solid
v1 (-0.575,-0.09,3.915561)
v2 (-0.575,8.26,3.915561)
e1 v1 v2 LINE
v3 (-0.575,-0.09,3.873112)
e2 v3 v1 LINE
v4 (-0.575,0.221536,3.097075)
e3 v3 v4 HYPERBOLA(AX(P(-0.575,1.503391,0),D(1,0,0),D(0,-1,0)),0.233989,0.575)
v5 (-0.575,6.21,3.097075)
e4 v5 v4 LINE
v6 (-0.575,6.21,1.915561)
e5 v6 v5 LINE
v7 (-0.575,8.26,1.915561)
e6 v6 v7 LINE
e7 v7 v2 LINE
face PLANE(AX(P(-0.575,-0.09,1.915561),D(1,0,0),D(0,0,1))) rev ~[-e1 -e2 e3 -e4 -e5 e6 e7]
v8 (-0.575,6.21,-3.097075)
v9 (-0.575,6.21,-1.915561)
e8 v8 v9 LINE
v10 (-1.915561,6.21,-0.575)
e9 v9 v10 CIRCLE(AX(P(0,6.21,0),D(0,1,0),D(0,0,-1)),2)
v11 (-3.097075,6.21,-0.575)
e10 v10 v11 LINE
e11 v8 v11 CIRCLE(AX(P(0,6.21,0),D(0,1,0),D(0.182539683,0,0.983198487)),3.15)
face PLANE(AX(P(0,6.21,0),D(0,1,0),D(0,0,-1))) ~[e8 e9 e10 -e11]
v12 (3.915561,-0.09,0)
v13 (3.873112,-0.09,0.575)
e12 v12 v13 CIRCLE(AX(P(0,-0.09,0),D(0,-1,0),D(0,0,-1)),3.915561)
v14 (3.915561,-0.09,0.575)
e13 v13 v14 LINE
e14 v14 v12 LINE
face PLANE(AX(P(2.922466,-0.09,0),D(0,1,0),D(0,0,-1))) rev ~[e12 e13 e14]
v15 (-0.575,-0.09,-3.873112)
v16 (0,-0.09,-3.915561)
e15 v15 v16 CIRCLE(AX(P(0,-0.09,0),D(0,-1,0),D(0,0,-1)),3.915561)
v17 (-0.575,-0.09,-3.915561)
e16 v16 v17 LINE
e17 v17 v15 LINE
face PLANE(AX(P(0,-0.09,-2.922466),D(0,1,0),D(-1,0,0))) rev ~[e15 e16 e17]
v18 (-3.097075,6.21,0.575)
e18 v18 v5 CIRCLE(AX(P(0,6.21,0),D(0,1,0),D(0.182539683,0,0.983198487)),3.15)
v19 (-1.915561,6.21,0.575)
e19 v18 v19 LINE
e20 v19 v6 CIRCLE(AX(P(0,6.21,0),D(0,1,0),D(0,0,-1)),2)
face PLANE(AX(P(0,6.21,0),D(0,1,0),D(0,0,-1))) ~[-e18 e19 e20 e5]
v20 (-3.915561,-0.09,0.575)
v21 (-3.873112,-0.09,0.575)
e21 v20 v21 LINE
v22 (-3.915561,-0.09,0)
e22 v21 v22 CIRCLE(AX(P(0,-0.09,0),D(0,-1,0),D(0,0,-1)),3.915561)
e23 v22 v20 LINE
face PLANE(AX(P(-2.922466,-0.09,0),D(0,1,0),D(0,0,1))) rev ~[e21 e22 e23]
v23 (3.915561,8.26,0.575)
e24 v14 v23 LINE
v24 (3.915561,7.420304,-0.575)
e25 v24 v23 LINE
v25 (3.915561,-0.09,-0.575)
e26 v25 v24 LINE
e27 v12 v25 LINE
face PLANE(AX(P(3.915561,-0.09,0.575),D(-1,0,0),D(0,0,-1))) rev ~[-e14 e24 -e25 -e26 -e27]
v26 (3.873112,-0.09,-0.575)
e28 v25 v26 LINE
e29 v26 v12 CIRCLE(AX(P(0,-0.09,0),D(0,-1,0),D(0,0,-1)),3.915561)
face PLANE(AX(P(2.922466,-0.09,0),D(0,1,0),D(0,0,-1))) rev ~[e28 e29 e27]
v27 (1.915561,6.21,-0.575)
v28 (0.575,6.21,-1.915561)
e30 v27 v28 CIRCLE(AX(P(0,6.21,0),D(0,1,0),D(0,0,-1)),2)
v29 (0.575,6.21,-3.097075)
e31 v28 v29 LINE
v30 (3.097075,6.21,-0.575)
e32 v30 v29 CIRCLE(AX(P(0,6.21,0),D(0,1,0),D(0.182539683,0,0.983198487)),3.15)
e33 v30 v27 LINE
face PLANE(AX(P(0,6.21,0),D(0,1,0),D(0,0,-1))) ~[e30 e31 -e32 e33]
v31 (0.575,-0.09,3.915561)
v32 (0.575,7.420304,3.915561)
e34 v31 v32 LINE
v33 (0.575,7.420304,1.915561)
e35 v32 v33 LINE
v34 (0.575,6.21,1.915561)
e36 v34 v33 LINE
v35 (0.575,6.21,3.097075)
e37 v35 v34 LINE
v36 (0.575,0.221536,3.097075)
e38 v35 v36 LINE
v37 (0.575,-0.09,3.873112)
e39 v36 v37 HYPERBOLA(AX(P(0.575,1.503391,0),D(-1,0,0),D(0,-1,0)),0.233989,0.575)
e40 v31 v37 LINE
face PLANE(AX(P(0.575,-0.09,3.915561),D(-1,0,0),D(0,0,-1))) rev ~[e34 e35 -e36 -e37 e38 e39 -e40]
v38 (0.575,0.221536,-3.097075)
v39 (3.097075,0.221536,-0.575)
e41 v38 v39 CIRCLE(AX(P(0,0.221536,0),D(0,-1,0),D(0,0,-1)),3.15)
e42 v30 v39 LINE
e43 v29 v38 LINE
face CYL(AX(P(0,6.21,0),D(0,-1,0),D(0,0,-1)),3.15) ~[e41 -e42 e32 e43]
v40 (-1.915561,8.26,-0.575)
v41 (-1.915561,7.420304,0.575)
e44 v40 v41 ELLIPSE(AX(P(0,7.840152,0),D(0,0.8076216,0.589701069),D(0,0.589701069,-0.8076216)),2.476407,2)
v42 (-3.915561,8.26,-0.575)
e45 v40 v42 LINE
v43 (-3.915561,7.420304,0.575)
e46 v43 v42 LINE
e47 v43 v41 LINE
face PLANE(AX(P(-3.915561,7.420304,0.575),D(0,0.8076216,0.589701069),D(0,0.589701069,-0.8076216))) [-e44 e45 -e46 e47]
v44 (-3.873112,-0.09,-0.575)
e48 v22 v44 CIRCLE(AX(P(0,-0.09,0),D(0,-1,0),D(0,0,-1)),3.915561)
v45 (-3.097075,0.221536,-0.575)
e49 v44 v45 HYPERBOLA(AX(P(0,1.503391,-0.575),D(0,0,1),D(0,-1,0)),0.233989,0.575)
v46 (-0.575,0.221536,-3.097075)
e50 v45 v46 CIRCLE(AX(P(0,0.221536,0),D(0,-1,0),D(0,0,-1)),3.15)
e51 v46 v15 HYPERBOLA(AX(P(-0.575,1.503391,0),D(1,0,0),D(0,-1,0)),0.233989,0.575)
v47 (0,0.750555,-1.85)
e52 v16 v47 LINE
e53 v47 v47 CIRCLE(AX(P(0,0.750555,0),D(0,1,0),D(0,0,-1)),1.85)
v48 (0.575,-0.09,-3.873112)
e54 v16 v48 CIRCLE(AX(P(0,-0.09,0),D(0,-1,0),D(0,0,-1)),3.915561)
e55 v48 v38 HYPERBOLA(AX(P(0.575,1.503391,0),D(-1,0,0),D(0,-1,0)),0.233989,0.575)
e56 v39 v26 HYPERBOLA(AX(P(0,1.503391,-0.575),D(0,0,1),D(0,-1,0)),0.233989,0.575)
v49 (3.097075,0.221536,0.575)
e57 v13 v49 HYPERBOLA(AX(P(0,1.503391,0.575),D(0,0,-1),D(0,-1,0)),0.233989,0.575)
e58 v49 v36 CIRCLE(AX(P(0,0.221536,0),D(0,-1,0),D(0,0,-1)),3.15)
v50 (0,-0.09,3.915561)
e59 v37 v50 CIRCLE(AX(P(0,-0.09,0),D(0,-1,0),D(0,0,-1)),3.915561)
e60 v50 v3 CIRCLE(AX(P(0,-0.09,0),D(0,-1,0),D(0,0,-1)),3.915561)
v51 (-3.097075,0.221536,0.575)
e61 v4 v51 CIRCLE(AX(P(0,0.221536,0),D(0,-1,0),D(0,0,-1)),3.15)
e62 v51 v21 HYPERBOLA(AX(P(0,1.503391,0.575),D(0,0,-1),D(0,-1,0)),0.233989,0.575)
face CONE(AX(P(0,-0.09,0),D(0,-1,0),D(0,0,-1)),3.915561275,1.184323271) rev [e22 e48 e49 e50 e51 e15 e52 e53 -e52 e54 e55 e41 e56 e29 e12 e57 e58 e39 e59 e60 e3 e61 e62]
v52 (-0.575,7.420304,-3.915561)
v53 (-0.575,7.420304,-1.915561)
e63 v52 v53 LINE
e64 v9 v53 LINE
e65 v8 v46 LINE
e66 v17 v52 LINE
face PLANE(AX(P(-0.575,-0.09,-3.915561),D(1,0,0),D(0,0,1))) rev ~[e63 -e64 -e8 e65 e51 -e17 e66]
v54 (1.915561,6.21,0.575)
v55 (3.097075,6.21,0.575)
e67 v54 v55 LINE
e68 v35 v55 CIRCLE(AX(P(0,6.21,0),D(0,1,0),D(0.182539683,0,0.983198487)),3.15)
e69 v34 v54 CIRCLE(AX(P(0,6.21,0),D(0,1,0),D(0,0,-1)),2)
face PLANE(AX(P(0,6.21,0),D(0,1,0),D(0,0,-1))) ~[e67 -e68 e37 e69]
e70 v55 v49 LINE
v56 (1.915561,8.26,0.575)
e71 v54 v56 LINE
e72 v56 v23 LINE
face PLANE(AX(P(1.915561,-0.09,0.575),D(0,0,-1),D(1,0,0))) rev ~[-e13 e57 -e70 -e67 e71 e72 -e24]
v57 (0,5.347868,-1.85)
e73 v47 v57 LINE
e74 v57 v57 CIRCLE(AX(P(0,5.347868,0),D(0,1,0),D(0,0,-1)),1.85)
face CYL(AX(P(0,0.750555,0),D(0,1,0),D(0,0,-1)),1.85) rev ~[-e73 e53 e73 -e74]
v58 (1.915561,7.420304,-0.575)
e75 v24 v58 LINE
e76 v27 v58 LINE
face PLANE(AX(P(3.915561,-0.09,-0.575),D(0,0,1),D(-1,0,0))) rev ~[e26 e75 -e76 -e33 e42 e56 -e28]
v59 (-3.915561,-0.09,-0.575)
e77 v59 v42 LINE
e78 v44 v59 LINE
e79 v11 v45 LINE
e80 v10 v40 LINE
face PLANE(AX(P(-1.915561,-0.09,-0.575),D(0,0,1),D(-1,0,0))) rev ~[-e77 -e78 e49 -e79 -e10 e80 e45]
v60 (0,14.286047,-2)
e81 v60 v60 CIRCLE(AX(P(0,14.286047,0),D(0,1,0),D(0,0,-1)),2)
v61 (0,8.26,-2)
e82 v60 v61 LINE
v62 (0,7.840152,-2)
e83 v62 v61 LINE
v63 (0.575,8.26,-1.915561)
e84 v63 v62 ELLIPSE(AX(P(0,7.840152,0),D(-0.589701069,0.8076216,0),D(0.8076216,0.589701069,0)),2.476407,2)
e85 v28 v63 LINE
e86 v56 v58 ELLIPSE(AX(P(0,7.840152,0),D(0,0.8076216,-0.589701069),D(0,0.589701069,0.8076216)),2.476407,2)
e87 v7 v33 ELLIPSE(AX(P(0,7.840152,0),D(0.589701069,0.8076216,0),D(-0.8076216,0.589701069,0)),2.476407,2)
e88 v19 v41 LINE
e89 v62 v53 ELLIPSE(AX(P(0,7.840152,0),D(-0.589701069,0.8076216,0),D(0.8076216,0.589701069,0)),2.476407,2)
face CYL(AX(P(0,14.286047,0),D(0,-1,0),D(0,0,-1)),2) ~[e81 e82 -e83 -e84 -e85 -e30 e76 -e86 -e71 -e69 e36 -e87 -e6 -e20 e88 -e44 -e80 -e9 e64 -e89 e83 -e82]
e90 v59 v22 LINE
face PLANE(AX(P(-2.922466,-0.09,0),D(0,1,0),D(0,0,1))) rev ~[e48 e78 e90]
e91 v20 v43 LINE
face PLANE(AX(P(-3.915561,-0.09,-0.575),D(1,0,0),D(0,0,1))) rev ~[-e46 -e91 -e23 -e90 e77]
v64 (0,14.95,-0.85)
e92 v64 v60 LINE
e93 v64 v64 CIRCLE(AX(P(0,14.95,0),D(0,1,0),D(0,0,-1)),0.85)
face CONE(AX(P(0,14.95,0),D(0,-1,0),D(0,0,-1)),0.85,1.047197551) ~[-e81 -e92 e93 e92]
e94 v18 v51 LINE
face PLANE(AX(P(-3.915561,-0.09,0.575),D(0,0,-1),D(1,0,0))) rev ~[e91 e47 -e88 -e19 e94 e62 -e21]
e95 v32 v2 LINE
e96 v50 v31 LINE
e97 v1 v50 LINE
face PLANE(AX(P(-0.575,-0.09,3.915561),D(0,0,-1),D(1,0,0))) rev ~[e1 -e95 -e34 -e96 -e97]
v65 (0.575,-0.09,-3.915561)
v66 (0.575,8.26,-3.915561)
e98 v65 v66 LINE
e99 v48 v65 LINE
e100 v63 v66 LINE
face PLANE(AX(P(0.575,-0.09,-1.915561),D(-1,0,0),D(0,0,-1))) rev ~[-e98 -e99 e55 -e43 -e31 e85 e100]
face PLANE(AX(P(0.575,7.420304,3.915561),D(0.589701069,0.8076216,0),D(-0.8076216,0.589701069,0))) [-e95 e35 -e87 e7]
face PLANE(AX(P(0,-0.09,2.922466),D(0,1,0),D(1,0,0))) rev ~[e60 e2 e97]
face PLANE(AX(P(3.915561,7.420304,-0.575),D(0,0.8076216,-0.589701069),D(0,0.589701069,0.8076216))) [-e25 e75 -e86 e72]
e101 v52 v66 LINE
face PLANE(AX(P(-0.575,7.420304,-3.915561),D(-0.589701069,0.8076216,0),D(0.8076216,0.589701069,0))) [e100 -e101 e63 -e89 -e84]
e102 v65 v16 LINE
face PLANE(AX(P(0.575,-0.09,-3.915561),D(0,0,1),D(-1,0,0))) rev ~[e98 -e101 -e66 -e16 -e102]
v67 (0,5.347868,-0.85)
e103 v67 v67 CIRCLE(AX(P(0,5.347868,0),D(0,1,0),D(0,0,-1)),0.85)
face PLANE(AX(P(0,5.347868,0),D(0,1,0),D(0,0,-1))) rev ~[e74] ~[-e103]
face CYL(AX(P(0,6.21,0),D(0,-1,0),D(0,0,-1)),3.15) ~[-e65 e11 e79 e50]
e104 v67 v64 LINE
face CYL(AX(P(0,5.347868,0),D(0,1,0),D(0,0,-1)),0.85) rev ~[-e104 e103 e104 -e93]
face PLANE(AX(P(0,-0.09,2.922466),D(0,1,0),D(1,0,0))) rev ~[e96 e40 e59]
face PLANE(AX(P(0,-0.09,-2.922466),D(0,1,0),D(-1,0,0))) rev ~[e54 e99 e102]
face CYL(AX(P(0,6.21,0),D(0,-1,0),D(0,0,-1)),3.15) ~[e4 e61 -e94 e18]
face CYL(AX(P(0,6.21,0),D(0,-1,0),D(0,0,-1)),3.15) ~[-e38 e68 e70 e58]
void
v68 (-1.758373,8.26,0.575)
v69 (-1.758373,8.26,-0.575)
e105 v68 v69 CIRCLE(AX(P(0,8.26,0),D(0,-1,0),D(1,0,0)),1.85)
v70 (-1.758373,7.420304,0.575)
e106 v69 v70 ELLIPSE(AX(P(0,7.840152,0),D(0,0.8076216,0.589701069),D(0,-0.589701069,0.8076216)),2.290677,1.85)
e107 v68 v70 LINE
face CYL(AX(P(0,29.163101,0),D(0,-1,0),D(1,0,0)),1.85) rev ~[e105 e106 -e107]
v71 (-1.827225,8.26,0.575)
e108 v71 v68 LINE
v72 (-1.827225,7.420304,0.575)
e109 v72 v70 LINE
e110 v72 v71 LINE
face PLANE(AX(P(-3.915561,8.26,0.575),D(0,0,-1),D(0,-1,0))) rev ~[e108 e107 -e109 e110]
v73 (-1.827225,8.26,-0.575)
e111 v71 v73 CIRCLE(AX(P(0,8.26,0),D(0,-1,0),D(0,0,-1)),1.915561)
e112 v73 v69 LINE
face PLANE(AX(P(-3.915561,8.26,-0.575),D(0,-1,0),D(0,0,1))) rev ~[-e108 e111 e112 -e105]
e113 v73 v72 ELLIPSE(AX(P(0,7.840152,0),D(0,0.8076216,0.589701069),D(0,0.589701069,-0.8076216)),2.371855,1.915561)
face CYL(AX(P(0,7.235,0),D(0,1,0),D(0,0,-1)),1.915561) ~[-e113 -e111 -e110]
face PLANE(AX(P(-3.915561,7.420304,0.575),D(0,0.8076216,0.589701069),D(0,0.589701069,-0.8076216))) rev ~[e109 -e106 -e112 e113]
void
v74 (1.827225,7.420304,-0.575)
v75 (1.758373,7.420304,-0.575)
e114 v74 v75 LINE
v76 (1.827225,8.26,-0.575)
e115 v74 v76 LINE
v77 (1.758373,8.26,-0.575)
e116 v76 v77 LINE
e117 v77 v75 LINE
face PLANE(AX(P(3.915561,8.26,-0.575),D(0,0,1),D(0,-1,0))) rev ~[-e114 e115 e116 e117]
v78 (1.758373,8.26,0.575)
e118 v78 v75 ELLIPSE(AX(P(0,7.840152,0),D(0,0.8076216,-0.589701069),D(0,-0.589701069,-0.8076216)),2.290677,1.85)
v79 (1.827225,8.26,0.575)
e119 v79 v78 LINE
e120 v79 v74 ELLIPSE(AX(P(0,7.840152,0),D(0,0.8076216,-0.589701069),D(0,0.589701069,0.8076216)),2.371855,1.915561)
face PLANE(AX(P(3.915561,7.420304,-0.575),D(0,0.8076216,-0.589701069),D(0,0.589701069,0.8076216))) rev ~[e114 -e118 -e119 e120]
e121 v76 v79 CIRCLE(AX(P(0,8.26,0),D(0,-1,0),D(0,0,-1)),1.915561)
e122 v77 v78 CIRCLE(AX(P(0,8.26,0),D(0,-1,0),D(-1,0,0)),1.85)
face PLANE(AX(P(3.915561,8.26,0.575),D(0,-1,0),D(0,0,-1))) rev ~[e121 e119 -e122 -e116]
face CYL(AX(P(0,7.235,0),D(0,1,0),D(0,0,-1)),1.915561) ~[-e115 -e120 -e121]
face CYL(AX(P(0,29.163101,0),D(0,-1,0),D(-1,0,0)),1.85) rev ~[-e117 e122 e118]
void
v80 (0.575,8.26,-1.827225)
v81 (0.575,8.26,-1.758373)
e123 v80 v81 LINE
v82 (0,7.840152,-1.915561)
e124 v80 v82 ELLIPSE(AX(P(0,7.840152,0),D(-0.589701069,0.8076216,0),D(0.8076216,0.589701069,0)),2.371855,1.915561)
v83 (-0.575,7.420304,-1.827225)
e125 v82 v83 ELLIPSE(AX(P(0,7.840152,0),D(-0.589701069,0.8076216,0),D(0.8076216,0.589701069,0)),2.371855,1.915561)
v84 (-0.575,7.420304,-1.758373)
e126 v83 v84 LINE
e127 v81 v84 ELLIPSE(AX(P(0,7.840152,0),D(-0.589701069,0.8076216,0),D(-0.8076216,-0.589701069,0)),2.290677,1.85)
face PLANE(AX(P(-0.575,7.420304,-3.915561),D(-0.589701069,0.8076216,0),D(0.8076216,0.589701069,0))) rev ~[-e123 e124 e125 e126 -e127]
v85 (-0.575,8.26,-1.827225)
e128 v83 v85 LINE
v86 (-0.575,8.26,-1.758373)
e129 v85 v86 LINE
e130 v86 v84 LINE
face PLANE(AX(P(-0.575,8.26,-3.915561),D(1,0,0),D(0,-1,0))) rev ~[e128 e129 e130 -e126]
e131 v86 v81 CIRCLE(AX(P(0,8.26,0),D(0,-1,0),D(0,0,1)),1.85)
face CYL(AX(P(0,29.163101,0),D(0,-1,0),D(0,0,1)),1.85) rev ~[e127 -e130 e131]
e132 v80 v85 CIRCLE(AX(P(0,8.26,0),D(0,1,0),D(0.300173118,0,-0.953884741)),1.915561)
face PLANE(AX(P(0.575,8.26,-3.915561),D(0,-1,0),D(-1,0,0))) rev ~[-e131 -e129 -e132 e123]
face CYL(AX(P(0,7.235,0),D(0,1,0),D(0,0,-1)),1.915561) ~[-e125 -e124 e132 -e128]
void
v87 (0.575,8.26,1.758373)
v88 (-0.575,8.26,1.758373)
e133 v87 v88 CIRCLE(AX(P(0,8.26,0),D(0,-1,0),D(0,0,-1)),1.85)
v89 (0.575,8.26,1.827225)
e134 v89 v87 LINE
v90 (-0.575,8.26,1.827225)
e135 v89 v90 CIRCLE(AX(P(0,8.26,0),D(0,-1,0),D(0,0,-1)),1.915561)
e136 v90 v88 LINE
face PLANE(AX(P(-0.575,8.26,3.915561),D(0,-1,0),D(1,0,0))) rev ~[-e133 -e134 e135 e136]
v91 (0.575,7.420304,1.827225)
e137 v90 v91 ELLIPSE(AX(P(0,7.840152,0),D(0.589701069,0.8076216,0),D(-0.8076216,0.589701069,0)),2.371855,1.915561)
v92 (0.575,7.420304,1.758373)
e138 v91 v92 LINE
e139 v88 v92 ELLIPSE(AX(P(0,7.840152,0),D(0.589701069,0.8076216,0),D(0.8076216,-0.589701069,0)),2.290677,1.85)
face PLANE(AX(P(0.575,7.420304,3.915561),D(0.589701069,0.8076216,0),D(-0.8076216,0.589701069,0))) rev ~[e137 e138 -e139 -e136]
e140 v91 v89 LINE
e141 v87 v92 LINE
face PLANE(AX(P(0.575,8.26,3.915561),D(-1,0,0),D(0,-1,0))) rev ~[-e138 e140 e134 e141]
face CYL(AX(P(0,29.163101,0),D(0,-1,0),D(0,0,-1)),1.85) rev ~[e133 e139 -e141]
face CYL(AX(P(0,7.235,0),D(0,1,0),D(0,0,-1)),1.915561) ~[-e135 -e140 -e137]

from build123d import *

# Parameters (mm, degrees)
BOSS_EXTRUDE1_START     = -6.3
BOSS_EXTRUDE1_DEPTH     = 8.35
CUT_EXTRUDE1_REACH      = 18.833
CUT_EXTRUDE1_END_RADIUS = 1.85
CIRPATTERN3_COUNT       = 4
SKETCH10_W              = 0.084438725
SKETCH10_H              = 2.05


with BuildPart() as part:
    # Sketch1 → Revolve1 (revolve)
    with BuildSketch(Plane.XY):
        Polygon((-3.15, 0), (-1.85, 0.75055535), (-1.85, 5.347868077), (-0.85, 5.347868077), (-0.85, 14.95), (-2, 14.28604719), (-2, 6.21), (-3.15, 6.21), align=None)
    revolve(axis=Axis((0, 0, 0), (0, 1, 0)))

    # Sketch3 → Boss-Extrude1 (add)
    with BuildSketch(Plane(origin=(0, 6.21, 0), x_dir=(1, 0, 0), z_dir=(0, 1, 0)).offset(BOSS_EXTRUDE1_START)):
        with BuildLine():
            Line((-0.575, -3.915561275), (0.575, -3.915561275))
            Line((0.575, -3.915561275), (0.575, -1.915561275))
            ThreePointArc((0.575, -1.915561275), (0, -2), (-0.575, -1.915561275))
            Line((-0.575, -1.915561275), (-0.575, -3.915561275))
        make_face()
    boss_extrude1 = extrude(amount=BOSS_EXTRUDE1_DEPTH)

    # Cut-Extrude1: up to this cylinder (the profile starts outside it)
    cut_extrude1_end = Plane(origin=(0, 7.980101, 0), z_dir=(0, -1, 0)) * Cylinder(CUT_EXTRUDE1_END_RADIUS, 42.366, mode=Mode.PRIVATE)
    # Sketch4 → Cut-Extrude1 (cut, up to the surface)
    with BuildSketch(Plane.XY.offset(3.915561275), mode=Mode.PRIVATE) as cut_extrude1_sk1:
        Polygon((0.575, 7.420304493), (-0.575, 8.26), (0.575, 8.26), align=None)
    cut_extrude1_tool1 = extrude(cut_extrude1_sk1.sketch, amount=-CUT_EXTRUDE1_REACH, mode=Mode.PRIVATE) - cut_extrude1_end
    cut_extrude1 = cut_extrude1_tool1.solids().sort_by_distance((0.191667, 7.980101, 3.915561))[0]
    add(cut_extrude1, mode=Mode.SUBTRACT)

    # CirPattern3: Boss-Extrude1, Cut-Extrude1 ×4 about axis
    cirpattern3_axis = Axis((0, 14.28604719, 0), (0, -1, 0))
    add([boss_extrude1.rotate(cirpattern3_axis, i * 360 / CIRPATTERN3_COUNT) for i in range(1, CIRPATTERN3_COUNT)])
    add([cut_extrude1.rotate(cirpattern3_axis, i * 360 / CIRPATTERN3_COUNT) for i in range(1, CIRPATTERN3_COUNT)], mode=Mode.SUBTRACT)

    # Sketch9 → Cut-Revolve2 (revolve, cut)
    with BuildSketch(Plane.XY):
        Polygon((-3.915561275, -0.09), (-1.85, 0.75055535), (-1.85, -0.09), align=None)
    revolve(axis=Axis((0, 0, 0), (0, -1, 0)), mode=Mode.SUBTRACT)

    # Sketch10 → Revolve2 (revolve)
    with BuildSketch(Plane.XY):
        with Locations((-1.957780637, 7.235)):
            Rectangle(SKETCH10_W, SKETCH10_H)
    revolve(axis=Axis((0, 0, 0), (0, -1, 0)))


solid = part.part
